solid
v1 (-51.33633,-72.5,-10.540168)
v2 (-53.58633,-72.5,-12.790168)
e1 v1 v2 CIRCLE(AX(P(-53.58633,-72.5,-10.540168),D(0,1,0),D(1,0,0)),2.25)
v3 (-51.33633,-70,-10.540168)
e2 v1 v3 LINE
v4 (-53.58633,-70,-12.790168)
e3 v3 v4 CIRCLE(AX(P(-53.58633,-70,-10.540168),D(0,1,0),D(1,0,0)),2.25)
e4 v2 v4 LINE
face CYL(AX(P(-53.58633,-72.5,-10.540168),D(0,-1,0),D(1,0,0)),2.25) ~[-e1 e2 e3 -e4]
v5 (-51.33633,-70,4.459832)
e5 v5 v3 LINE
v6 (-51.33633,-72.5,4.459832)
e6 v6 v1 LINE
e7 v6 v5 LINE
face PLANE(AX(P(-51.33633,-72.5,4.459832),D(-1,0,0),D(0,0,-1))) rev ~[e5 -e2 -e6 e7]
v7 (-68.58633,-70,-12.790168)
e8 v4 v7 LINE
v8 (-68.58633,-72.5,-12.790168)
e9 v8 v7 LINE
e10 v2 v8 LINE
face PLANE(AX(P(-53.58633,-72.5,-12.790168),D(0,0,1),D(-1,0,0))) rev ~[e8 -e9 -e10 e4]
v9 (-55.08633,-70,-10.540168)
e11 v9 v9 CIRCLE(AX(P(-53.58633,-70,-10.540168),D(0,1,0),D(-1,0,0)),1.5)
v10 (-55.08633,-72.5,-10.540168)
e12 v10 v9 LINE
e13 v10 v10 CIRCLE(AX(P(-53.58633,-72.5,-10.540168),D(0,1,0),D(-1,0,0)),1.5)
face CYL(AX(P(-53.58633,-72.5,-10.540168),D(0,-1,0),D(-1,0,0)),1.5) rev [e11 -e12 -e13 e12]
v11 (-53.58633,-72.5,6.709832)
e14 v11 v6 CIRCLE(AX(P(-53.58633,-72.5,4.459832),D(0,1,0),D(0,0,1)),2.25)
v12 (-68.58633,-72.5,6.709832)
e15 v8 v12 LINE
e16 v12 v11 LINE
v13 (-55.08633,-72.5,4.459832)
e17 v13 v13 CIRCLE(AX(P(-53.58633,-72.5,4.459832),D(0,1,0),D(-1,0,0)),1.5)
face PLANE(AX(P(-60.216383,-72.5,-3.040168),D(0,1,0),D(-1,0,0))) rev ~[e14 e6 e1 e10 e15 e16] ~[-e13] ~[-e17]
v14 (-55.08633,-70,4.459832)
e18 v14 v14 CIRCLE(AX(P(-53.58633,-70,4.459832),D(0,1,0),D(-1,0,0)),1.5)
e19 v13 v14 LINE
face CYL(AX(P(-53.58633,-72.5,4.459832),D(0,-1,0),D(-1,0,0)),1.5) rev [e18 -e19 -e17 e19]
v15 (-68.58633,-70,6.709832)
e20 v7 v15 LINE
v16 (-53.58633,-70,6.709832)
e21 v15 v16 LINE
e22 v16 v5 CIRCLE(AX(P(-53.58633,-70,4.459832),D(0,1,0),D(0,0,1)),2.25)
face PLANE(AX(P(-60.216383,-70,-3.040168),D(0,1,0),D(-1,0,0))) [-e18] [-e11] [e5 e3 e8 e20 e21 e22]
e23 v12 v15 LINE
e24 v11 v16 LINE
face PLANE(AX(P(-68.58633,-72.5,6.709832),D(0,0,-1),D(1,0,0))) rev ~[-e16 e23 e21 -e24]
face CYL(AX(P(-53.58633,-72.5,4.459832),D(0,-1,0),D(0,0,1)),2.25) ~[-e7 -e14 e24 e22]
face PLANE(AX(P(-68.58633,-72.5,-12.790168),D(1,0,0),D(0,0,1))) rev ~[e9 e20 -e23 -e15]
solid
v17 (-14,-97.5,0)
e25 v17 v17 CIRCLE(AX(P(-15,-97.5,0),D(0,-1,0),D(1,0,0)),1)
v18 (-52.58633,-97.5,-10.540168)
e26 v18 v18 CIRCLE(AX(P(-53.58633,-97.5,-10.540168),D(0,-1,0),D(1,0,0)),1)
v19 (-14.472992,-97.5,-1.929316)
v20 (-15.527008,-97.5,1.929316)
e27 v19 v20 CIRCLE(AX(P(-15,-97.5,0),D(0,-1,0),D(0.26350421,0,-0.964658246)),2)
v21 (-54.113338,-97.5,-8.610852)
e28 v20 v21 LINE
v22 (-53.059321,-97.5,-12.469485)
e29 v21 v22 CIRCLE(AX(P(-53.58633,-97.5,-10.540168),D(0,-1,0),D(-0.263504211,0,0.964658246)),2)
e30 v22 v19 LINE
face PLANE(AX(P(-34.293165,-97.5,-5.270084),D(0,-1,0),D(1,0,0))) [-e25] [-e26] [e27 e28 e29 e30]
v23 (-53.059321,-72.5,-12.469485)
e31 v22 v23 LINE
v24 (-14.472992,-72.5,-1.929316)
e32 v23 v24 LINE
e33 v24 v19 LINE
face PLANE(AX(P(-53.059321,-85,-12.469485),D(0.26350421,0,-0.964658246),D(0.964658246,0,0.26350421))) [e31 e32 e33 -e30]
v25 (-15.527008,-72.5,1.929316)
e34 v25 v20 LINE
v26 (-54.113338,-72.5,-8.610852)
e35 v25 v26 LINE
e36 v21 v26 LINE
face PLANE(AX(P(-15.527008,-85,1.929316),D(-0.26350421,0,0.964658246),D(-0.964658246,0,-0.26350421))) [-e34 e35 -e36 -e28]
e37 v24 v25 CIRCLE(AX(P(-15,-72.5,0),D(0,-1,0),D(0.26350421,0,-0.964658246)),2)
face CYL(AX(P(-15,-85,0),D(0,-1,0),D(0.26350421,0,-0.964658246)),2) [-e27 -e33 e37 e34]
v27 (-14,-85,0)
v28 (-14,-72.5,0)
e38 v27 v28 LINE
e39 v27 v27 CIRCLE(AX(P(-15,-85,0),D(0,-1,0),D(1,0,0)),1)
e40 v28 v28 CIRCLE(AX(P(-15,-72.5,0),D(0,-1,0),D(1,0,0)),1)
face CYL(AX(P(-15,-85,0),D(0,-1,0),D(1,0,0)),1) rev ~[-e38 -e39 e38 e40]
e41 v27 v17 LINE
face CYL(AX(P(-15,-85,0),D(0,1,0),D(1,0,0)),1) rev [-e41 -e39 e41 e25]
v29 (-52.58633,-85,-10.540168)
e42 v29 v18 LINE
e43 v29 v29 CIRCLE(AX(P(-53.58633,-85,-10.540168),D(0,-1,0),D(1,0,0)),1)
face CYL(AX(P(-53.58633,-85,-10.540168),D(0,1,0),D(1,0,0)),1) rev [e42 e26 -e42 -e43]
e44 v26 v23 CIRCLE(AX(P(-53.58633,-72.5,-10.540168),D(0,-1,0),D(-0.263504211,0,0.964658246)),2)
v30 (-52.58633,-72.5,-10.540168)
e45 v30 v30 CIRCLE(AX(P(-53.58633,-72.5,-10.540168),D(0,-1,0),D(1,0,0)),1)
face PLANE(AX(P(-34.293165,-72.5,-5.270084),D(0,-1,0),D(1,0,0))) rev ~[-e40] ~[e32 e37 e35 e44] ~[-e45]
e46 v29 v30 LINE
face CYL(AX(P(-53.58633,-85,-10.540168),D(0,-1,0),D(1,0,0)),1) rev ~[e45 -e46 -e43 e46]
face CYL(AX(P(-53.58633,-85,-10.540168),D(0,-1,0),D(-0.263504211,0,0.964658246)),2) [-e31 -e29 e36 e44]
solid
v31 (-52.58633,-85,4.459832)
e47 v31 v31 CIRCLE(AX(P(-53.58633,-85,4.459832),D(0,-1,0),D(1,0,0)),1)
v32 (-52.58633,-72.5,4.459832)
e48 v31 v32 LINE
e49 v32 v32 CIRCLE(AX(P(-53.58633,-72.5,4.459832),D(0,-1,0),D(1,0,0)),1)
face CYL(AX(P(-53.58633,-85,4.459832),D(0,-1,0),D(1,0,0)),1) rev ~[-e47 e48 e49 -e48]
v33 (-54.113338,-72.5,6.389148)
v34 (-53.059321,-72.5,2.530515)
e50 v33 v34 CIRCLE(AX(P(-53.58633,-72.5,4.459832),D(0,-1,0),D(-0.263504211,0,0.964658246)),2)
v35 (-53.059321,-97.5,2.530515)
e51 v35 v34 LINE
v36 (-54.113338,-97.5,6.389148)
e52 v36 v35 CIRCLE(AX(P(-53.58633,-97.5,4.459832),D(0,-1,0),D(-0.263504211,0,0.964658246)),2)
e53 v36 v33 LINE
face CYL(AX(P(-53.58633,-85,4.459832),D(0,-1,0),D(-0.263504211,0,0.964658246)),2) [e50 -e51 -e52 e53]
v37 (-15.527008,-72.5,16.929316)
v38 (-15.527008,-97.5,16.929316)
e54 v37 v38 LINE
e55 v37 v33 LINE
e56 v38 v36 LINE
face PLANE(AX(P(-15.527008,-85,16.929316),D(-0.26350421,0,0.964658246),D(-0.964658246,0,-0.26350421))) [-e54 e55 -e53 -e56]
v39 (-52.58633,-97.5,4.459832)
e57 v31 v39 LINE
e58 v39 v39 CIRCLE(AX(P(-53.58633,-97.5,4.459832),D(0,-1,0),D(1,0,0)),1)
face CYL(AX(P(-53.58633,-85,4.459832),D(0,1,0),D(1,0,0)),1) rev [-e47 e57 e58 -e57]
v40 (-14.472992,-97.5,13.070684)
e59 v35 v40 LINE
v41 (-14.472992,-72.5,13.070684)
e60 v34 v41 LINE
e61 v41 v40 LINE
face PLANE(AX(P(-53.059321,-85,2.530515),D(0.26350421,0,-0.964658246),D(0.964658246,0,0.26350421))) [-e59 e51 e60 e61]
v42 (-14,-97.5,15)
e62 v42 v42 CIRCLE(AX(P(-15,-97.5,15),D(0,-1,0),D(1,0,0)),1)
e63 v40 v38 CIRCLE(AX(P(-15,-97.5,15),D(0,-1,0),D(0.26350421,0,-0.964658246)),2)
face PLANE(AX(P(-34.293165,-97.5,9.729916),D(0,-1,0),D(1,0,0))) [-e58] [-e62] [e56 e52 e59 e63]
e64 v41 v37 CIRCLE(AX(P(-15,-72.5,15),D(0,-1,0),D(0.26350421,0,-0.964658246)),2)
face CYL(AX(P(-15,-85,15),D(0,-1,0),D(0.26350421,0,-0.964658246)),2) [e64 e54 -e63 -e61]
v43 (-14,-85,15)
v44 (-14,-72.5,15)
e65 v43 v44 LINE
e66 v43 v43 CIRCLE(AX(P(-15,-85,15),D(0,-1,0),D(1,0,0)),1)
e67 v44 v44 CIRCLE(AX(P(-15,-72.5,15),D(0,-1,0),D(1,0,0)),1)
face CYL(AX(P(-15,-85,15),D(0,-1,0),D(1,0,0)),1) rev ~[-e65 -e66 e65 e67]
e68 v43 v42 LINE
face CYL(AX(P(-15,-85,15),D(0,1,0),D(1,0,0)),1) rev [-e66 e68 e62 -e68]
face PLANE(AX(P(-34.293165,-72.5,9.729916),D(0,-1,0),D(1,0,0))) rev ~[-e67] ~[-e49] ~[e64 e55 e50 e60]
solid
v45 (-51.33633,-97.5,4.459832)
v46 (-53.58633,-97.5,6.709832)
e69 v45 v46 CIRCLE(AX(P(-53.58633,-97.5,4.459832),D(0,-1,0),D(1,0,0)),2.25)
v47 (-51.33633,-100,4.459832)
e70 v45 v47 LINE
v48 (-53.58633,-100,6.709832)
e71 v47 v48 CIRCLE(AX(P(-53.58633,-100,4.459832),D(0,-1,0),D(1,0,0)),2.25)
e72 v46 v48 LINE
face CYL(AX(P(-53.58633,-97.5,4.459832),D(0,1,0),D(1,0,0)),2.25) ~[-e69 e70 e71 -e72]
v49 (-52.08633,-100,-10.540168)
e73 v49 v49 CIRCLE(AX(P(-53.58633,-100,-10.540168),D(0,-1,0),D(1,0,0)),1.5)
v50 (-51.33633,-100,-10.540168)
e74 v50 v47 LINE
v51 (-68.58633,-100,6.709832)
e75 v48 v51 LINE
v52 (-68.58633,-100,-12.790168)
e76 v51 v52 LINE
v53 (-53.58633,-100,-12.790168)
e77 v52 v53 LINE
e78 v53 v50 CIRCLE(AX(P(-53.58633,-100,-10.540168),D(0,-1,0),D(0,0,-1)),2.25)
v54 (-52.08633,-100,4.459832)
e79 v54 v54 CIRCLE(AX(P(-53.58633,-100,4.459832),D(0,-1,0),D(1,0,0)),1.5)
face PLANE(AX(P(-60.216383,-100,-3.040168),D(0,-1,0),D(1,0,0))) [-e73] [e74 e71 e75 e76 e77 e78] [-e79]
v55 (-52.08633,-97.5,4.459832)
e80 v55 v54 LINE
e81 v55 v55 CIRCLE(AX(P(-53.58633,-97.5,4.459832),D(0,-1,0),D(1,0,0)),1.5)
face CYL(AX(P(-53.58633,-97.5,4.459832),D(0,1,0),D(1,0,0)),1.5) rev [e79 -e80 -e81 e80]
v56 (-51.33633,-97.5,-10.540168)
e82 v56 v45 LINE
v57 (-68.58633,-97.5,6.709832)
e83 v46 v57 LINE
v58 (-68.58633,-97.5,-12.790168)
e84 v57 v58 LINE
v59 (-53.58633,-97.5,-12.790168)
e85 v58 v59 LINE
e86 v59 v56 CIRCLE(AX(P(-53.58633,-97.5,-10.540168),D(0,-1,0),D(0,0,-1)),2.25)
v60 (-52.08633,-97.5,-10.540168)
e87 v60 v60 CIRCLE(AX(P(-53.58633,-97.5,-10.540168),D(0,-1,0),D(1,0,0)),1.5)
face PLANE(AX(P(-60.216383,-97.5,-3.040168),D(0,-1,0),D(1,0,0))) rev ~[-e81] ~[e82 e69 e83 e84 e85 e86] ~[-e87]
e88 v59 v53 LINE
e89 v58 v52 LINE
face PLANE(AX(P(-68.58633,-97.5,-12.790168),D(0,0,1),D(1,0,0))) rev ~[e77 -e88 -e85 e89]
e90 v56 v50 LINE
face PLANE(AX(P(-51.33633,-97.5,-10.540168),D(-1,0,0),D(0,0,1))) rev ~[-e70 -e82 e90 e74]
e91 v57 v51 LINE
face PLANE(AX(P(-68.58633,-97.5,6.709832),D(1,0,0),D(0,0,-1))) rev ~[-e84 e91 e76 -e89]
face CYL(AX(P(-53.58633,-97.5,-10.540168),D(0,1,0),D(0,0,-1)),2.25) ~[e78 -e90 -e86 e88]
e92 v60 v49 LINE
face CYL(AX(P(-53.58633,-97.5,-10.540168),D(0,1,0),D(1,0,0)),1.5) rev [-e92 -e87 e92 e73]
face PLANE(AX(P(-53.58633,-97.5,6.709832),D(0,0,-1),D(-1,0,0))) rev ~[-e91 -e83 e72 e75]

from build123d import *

# Parameters (mm, degrees)
F6_R          = 1
F7_DEPTH      = 12.5
F7_DEPTH_BACK = 12.5
F8_R          = 1.5
F9_DEPTH      = 2.5
F10_R         = 1.5
F11_DEPTH     = 2.5


with BuildPart() as f7:
    # F6 (on plane+point) → F7 (new body, two sides)
    with BuildSketch(Plane.XZ.offset(85)) as f7_sk:
        with BuildLine():
            Line((-53.0593214085, 2.5305150899), (-14.4729915791, 13.0706835085))
            ThreePointArc((-14.4729915791, 13.0706835085), (-13.0706835085, 15.5270084209), (-15.5270084209, 16.9293164915))
            Line((-15.5270084209, 16.9293164915), (-54.1133382504, 6.3891480729))
            ThreePointArc((-54.1133382504, 6.3891480729), (-55.5156463209, 3.9328231605), (-53.0593214085, 2.5305150899))
        make_face()
        with Locations((-53.5863298295, 4.4598315814)):
            Circle(F6_R, mode=Mode.SUBTRACT)
        with Locations((-15, 15)):
            Circle(F6_R, mode=Mode.SUBTRACT)
    extrude(amount=F7_DEPTH)
    extrude(f7_sk.sketch, amount=-F7_DEPTH_BACK)


with BuildPart() as f7b:
    # F6 (on plane+point) → F7, piece 2 (new body, two sides)
    with BuildSketch(Plane.XZ.offset(85)) as f7_2_sk:
        with BuildLine():
            Line((-53.0593214085, -12.4694849101), (-14.4729915791, -1.9293164915))
            ThreePointArc((-14.4729915791, -1.9293164915), (-13.0706835085, 0.5270084209), (-15.5270084209, 1.9293164915))
            Line((-15.5270084209, 1.9293164915), (-54.1133382504, -8.6108519271))
            ThreePointArc((-54.1133382504, -8.6108519271), (-55.5156463209, -11.0671768395), (-53.0593214085, -12.4694849101))
        make_face()
        with Locations((-53.5863298295, -10.5401684186)):
            Circle(F6_R, mode=Mode.SUBTRACT)
        with Locations((-15, 0)):
            Circle(F6_R, mode=Mode.SUBTRACT)
    extrude(amount=F7_DEPTH)
    extrude(f7_2_sk.sketch, amount=-F7_DEPTH_BACK)


with BuildPart() as f9:
    # F8 (on face) → F9 (new body)
    with BuildSketch(Plane.XZ.offset(97.5)):
        with BuildLine():
            Line((-53.5863298295, 6.7098315814), (-68.5863298295, 6.7098315814))
            Line((-68.5863298295, 6.7098315814), (-68.5863298295, -12.7901684186))
            Line((-68.5863298295, -12.7901684186), (-53.5863298295, -12.7901684186))
            ThreePointArc((-53.5863298295, -12.7901684186), (-51.9953395718, -12.1311586763), (-51.3363298295, -10.5401684186))
            Line((-51.3363298295, -10.5401684186), (-51.3363298295, 4.4598315814))
            ThreePointArc((-51.3363298295, 4.4598315814), (-51.9953395718, 6.0508218391), (-53.5863298295, 6.7098315814))
        make_face()
        with Locations((-53.5863298295, -10.5401684186)):
            Circle(F8_R, mode=Mode.SUBTRACT)
        with Locations((-53.5863298295, 4.4598315814)):
            Circle(F8_R, mode=Mode.SUBTRACT)
    extrude(amount=F9_DEPTH)


with BuildPart() as f11:
    # F10 (on face) → F11 (new body)
    with BuildSketch(Plane(origin=(0, -72.5, 0), x_dir=(-1, 0, 0), z_dir=(0, 1, 0))):
        with BuildLine():
            Line((68.5863298295, -12.7901684186), (68.5863298295, 6.7098315814))
            Line((68.5863298295, 6.7098315814), (53.5863298295, 6.7098315814))
            ThreePointArc((53.5863298295, 6.7098315814), (51.9953395718, 6.0508218391), (51.3363298295, 4.4598315814))
            Line((51.3363298295, 4.4598315814), (51.3363298295, -10.5401684186))
            ThreePointArc((51.3363298295, -10.5401684186), (51.9953395718, -12.1311586763), (53.5863298295, -12.7901684186))
            Line((53.5863298295, -12.7901684186), (68.5863298295, -12.7901684186))
        make_face()
        with Locations((53.5863298295, -10.5401684186)):
            Circle(F10_R, mode=Mode.SUBTRACT)
        with Locations((53.5863298295, 4.4598315814)):
            Circle(F10_R, mode=Mode.SUBTRACT)
    extrude(amount=F11_DEPTH)


solid = Compound([f7.part, f7b.part, f9.part, f11.part])
